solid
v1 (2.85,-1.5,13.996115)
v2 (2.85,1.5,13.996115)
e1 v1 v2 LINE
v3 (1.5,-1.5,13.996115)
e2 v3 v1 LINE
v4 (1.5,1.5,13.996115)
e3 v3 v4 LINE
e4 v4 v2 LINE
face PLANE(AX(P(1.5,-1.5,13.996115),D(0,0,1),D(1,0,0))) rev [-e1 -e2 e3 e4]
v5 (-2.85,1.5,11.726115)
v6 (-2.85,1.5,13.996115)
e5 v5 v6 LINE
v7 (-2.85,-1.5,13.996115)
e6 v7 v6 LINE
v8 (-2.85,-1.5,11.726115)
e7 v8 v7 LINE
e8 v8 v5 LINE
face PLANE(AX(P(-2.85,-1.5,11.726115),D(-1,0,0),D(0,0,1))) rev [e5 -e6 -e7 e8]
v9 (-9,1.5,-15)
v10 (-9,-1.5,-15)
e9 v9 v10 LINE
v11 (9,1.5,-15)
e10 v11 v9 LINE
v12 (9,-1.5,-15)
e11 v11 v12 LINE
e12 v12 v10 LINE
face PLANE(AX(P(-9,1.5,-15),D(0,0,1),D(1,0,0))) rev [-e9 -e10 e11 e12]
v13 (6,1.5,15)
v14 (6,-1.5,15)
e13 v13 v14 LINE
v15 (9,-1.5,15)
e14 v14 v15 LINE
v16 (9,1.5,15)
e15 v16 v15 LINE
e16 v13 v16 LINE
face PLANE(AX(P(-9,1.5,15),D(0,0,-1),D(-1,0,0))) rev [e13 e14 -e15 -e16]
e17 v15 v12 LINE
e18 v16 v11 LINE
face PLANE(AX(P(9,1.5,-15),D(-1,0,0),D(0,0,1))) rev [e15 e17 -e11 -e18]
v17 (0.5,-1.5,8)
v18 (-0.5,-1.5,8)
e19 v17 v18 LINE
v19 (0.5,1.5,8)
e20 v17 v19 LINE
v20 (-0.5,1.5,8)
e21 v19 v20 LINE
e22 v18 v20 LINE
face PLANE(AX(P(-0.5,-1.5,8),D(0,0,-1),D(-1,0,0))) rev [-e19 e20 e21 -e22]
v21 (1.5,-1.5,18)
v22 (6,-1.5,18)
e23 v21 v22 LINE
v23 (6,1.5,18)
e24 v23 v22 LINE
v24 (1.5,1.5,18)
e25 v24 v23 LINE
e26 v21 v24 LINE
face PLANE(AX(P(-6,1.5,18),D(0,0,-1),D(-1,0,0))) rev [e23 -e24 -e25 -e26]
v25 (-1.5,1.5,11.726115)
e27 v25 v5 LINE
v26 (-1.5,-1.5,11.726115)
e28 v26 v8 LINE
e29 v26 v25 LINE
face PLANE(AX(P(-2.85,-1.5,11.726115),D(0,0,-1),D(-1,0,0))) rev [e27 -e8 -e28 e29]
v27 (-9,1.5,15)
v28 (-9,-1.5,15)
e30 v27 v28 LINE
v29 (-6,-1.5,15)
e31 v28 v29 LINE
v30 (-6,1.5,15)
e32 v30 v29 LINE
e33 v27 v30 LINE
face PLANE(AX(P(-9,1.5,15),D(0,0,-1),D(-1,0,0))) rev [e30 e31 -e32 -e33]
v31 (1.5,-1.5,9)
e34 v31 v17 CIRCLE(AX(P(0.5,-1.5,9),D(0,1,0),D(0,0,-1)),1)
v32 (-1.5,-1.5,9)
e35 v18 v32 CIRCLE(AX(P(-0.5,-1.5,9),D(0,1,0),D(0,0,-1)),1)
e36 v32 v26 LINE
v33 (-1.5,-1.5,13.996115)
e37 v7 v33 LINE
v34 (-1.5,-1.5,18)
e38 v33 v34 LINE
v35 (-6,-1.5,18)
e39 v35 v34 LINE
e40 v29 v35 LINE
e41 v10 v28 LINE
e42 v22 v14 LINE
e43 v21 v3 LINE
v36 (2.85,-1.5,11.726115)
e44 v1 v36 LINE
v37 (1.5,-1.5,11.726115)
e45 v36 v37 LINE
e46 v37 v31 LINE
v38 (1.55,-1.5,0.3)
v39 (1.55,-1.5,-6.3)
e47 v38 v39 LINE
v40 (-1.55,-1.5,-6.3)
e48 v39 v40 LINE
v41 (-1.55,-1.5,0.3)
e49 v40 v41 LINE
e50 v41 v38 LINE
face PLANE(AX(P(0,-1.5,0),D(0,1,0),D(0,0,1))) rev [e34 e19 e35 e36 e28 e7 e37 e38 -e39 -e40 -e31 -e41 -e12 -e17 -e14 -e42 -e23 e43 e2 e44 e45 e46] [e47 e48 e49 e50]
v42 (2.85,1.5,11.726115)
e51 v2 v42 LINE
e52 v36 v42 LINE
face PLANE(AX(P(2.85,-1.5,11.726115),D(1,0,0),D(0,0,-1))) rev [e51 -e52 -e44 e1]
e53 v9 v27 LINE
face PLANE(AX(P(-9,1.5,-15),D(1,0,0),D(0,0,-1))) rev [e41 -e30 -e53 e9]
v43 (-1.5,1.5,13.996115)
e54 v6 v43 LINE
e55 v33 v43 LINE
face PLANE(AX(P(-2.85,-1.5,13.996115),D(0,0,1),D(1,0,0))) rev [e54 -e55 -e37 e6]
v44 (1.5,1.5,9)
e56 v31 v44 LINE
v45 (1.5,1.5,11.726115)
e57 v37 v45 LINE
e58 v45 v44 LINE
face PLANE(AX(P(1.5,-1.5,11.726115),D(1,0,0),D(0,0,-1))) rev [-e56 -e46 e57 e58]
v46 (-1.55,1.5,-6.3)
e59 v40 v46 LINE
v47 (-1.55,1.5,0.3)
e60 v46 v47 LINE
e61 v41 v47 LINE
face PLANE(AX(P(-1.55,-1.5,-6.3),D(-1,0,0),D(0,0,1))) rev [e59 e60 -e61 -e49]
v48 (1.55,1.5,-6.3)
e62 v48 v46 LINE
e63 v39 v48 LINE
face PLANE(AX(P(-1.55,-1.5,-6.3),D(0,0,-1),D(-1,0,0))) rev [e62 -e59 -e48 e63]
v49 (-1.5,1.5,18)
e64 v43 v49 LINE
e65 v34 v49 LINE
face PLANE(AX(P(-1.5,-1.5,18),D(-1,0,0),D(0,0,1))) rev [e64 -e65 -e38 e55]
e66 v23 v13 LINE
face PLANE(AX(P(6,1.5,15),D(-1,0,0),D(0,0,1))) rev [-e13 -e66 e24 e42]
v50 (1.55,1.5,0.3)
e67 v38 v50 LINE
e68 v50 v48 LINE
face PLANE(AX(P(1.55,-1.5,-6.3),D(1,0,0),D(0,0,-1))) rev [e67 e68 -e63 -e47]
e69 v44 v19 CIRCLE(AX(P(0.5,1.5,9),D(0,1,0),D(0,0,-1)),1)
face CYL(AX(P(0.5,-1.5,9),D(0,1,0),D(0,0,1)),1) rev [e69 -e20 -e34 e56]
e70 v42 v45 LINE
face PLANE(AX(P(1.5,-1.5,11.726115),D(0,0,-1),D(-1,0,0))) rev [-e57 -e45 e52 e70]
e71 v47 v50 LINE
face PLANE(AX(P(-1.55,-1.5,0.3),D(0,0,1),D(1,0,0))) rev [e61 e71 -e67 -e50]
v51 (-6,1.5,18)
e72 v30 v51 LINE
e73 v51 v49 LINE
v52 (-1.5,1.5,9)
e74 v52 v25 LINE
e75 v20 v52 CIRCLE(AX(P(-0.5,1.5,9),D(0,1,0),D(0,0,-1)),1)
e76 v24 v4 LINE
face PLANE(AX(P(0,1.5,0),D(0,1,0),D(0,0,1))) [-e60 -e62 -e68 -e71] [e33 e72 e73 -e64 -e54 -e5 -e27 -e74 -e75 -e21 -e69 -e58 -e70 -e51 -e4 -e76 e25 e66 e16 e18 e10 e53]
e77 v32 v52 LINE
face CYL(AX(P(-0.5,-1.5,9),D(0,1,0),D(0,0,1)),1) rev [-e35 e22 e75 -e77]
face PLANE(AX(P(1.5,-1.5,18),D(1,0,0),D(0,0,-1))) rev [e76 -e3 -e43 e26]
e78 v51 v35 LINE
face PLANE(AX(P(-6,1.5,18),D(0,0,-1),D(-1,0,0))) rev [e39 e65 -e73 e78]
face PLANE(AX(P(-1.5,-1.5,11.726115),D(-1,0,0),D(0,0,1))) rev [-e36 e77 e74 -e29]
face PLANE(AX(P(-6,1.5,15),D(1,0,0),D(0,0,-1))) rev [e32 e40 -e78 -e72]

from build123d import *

# Parameters (mm, degrees)
SKETCH1_W               = 18
SKETCH1_H               = 30
BOSS_EXTRUDE1_DEPTH     = 1.5
SKETCH2_W               = 12
SKETCH2_H               = 3
BOSS_EXTRUDE2_DEPTH     = 1.5
CUT_EXTRUDE2_DEPTH      = 21.180436071
CUT_EXTRUDE2_DEPTH_BACK = 21.180436071
CUT_EXTRUDE1_DEPTH      = 21.180436071
CUT_EXTRUDE1_DEPTH_BACK = 21.180436071
SKETCH3_W               = 3.1
SKETCH3_H               = 6.6


with BuildPart() as part:
    # Sketch1 → Boss-Extrude1 (new, symmetric)
    with BuildSketch(Plane(origin=(0, 0, 0), x_dir=(1, 0, 0), z_dir=(0, 1, 0))):
        Rectangle(SKETCH1_W, SKETCH1_H)
    extrude(amount=BOSS_EXTRUDE1_DEPTH, both=True)

    # Sketch2 → Boss-Extrude2 (add, symmetric)
    with BuildSketch(Plane(origin=(0, 0, 0), x_dir=(1, 0, 0), z_dir=(0, 1, 0))):
        with Locations((0, -16.5)):
            Rectangle(SKETCH2_W, SKETCH2_H)
    extrude(amount=BOSS_EXTRUDE2_DEPTH, both=True)

    # Sketch4 → Cut-Extrude2 (cut, two sides: drawn at the far end of the back side and taken through both)
    with BuildSketch(Plane(origin=(0, 0, 0), x_dir=(1, 0, 0), z_dir=(0, 1, 0)).offset(-CUT_EXTRUDE2_DEPTH_BACK)):
        with BuildLine():
            Line((-1.5, -18), (1.5, -18))
            Line((1.5, -18), (1.5, -13.996114826))
            Line((1.5, -13.996114826), (2.85, -13.996114826))
            Line((2.85, -13.996114826), (2.85, -11.726114826))
            Line((2.85, -11.726114826), (1.5, -11.726114826))
            Line((1.5, -11.726114826), (1.5, -9))
            ThreePointArc((1.5, -9), (1.207106781, -8.292893219), (0.5, -8))
            Line((0.5, -8), (-0.5, -8))
            ThreePointArc((-0.5, -8), (-1.207106781, -8.292893219), (-1.5, -9))
            Line((-1.5, -9), (-1.5, -11.726114826))
            Line((-1.5, -11.726114826), (-2.85, -11.726114826))
            Line((-2.85, -11.726114826), (-2.85, -13.996114826))
            Line((-2.85, -13.996114826), (-1.5, -13.996114826))
            Line((-1.5, -13.996114826), (-1.5, -18))
        make_face()
    extrude(amount=CUT_EXTRUDE2_DEPTH + CUT_EXTRUDE2_DEPTH_BACK, mode=Mode.SUBTRACT)

    # Sketch3 → Cut-Extrude1 (cut, two sides: drawn at the far end of the back side and taken through both)
    with BuildSketch(Plane(origin=(0, 0, 0), x_dir=(1, 0, 0), z_dir=(0, 1, 0)).offset(-CUT_EXTRUDE1_DEPTH_BACK)):
        with Locations((0, 3)):
            Rectangle(SKETCH3_W, SKETCH3_H)
    extrude(amount=CUT_EXTRUDE1_DEPTH + CUT_EXTRUDE1_DEPTH_BACK, mode=Mode.SUBTRACT)


solid = part.part
